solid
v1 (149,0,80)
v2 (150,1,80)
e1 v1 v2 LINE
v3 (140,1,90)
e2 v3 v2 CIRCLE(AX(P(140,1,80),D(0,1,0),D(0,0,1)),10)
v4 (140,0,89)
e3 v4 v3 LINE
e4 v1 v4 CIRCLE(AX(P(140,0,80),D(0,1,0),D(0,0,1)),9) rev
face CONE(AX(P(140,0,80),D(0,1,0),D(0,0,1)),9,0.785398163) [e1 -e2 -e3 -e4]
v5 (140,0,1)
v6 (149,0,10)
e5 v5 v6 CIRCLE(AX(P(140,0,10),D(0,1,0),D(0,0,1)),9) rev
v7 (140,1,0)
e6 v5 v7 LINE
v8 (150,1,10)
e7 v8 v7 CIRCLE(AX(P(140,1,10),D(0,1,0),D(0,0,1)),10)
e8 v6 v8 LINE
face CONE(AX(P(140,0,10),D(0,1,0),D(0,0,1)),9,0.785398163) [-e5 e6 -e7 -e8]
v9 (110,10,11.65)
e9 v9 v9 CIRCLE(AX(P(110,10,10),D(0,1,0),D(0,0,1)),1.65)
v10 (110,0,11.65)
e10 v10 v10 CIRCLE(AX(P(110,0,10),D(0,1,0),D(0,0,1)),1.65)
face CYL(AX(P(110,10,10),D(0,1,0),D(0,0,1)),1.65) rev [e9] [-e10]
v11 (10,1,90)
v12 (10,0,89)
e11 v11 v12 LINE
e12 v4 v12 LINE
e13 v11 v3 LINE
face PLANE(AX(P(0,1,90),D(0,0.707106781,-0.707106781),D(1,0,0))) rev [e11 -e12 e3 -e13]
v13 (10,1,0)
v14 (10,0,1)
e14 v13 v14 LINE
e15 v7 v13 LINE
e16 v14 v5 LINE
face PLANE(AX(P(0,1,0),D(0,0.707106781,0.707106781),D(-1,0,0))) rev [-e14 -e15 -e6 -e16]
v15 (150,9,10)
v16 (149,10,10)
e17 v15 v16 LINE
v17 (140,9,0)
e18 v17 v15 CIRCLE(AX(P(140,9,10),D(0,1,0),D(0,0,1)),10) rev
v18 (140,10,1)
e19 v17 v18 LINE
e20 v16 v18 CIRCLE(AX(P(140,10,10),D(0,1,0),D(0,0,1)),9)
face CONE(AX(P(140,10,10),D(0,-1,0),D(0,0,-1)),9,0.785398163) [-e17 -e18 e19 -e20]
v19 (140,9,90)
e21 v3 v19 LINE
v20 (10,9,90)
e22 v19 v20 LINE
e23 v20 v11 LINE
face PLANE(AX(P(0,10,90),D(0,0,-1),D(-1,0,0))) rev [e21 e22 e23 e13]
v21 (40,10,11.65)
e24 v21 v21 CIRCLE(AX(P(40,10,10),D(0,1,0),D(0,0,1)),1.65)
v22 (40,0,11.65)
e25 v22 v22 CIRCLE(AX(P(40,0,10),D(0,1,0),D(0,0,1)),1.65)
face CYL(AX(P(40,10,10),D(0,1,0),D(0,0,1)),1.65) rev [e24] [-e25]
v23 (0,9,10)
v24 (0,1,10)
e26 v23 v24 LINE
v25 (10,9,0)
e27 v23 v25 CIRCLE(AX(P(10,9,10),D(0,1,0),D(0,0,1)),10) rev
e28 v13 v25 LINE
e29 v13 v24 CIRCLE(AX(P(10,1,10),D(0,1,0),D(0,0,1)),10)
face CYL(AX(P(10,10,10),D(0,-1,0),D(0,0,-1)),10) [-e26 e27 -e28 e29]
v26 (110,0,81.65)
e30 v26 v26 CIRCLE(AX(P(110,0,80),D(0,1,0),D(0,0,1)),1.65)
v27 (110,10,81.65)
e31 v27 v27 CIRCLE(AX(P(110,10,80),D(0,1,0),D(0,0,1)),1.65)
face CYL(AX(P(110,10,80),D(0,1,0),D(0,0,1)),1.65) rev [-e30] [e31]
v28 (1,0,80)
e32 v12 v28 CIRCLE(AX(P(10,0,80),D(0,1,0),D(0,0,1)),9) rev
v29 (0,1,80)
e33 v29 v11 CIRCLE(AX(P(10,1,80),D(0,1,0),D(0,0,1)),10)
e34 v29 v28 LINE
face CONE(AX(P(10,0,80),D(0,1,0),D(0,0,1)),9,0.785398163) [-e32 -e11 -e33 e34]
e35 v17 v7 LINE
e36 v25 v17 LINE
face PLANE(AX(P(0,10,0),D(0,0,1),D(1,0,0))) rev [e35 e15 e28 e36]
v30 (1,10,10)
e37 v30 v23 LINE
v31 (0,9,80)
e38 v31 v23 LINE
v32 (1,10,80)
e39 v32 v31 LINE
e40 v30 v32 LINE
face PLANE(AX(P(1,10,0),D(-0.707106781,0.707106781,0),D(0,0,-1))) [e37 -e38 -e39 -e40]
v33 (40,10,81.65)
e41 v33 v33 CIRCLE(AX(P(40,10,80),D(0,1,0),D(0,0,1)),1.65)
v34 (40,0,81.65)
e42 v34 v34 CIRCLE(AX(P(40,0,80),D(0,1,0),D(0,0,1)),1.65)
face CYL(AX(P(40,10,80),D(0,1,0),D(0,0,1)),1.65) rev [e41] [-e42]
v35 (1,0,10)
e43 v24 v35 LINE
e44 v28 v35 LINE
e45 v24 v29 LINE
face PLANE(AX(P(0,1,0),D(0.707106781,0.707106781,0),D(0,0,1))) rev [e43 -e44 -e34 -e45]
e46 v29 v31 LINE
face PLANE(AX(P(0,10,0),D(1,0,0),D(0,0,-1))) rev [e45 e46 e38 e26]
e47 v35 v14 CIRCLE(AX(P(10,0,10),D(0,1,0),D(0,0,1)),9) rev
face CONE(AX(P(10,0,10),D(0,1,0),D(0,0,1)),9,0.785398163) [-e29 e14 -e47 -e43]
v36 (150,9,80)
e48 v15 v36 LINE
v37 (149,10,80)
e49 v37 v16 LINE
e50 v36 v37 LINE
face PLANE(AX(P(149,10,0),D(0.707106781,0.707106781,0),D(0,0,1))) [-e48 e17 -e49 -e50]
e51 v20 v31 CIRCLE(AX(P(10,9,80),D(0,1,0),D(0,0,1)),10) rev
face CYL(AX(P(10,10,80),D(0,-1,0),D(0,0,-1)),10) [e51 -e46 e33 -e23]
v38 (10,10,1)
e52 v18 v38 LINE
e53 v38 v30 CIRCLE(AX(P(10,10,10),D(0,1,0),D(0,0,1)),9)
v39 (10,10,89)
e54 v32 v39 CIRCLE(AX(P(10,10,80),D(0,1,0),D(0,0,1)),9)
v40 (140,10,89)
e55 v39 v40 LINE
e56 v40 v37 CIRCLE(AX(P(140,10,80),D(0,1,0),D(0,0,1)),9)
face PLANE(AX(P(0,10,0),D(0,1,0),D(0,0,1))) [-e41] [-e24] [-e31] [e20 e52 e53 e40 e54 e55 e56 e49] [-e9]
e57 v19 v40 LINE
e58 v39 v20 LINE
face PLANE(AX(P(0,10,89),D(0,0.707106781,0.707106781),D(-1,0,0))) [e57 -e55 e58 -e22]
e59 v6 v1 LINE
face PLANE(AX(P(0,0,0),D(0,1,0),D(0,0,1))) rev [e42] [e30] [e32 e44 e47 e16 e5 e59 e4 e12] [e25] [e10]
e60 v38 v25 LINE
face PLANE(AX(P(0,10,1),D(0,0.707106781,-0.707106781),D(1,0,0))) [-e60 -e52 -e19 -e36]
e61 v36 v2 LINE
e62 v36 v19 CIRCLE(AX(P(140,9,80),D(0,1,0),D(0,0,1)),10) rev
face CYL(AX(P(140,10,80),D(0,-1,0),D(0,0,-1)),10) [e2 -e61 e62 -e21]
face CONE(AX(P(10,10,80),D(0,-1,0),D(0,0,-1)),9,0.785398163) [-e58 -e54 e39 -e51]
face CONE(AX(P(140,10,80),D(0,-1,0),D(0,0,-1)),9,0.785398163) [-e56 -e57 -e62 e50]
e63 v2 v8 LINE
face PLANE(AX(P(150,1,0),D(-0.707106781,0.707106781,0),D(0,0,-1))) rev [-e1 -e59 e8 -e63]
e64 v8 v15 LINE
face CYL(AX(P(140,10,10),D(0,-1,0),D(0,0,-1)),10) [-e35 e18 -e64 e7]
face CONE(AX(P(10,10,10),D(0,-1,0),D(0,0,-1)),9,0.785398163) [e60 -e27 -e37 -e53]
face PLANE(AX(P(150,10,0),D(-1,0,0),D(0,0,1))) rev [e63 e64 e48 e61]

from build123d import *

# Parameters (mm, degrees)
SKETCH_1_W         = 150
SKETCH_1_H         = 90
EXTRUDE_1_DEPTH    = 10
FILLET_2_R         = 10
CHAMFER_1_SIZE     = 1
CHAMFER_2_SIZE     = 1
HOLE_WIZARD_M4_3_D = 3.3


with BuildPart() as part:
    # 草图1 → 凸台-拉伸1 (new body)
    with BuildSketch(Plane(origin=(0, 0, 0), x_dir=(1, 0, 0), z_dir=(0, 1, 0))):
        with Locations((75, -45)):
            Rectangle(SKETCH_1_W, SKETCH_1_H)
    extrude(amount=EXTRUDE_1_DEPTH)

    # 圆角2
    fillet_2_edges = [part.edges().sort_by_distance(p)[0] for p in [
        (0, 5, 0),
        (150, 5, 0),
        (150, 5, 90),
        (0, 5, 90),
    ]]
    fillet(fillet_2_edges, radius=FILLET_2_R)

    # 倒角1
    chamfer_1_edges = [part.edges().sort_by_distance(p)[0] for p in [
        (75, 0, 0),
        (0, 0, 45),
        (150, 0, 45),
        (75, 0, 90),
        (2.928932188, 0, 2.928932188),
        (2.928932188, 0, 87.071067812),
        (147.071067812, 0, 87.071067812),
        (147.071067812, 0, 2.928932188),
    ]]
    chamfer(chamfer_1_edges, length=CHAMFER_1_SIZE)

    # 倒角2
    chamfer_2_edges = [part.edges().sort_by_distance(p)[0] for p in [
        (75, 10, 0),
        (150, 10, 45),
        (0, 10, 45),
        (75, 10, 90),
        (2.928932188, 10, 2.928932188),
        (2.928932188, 10, 87.071067812),
        (147.071067812, 10, 87.071067812),
        (147.071067812, 10, 2.928932188),
    ]]
    chamfer(chamfer_2_edges, length=CHAMFER_2_SIZE)

    # M4 螺纹孔3 (through all)
    with Locations(Plane(origin=(40, 10, 10), x_dir=(0, 0, 1), z_dir=(0, 1, 0))):
        with Locations((0, 0), (0, 70), (70, 0), (70, 70)):
            Hole(HOLE_WIZARD_M4_3_D / 2)


solid = part.part
